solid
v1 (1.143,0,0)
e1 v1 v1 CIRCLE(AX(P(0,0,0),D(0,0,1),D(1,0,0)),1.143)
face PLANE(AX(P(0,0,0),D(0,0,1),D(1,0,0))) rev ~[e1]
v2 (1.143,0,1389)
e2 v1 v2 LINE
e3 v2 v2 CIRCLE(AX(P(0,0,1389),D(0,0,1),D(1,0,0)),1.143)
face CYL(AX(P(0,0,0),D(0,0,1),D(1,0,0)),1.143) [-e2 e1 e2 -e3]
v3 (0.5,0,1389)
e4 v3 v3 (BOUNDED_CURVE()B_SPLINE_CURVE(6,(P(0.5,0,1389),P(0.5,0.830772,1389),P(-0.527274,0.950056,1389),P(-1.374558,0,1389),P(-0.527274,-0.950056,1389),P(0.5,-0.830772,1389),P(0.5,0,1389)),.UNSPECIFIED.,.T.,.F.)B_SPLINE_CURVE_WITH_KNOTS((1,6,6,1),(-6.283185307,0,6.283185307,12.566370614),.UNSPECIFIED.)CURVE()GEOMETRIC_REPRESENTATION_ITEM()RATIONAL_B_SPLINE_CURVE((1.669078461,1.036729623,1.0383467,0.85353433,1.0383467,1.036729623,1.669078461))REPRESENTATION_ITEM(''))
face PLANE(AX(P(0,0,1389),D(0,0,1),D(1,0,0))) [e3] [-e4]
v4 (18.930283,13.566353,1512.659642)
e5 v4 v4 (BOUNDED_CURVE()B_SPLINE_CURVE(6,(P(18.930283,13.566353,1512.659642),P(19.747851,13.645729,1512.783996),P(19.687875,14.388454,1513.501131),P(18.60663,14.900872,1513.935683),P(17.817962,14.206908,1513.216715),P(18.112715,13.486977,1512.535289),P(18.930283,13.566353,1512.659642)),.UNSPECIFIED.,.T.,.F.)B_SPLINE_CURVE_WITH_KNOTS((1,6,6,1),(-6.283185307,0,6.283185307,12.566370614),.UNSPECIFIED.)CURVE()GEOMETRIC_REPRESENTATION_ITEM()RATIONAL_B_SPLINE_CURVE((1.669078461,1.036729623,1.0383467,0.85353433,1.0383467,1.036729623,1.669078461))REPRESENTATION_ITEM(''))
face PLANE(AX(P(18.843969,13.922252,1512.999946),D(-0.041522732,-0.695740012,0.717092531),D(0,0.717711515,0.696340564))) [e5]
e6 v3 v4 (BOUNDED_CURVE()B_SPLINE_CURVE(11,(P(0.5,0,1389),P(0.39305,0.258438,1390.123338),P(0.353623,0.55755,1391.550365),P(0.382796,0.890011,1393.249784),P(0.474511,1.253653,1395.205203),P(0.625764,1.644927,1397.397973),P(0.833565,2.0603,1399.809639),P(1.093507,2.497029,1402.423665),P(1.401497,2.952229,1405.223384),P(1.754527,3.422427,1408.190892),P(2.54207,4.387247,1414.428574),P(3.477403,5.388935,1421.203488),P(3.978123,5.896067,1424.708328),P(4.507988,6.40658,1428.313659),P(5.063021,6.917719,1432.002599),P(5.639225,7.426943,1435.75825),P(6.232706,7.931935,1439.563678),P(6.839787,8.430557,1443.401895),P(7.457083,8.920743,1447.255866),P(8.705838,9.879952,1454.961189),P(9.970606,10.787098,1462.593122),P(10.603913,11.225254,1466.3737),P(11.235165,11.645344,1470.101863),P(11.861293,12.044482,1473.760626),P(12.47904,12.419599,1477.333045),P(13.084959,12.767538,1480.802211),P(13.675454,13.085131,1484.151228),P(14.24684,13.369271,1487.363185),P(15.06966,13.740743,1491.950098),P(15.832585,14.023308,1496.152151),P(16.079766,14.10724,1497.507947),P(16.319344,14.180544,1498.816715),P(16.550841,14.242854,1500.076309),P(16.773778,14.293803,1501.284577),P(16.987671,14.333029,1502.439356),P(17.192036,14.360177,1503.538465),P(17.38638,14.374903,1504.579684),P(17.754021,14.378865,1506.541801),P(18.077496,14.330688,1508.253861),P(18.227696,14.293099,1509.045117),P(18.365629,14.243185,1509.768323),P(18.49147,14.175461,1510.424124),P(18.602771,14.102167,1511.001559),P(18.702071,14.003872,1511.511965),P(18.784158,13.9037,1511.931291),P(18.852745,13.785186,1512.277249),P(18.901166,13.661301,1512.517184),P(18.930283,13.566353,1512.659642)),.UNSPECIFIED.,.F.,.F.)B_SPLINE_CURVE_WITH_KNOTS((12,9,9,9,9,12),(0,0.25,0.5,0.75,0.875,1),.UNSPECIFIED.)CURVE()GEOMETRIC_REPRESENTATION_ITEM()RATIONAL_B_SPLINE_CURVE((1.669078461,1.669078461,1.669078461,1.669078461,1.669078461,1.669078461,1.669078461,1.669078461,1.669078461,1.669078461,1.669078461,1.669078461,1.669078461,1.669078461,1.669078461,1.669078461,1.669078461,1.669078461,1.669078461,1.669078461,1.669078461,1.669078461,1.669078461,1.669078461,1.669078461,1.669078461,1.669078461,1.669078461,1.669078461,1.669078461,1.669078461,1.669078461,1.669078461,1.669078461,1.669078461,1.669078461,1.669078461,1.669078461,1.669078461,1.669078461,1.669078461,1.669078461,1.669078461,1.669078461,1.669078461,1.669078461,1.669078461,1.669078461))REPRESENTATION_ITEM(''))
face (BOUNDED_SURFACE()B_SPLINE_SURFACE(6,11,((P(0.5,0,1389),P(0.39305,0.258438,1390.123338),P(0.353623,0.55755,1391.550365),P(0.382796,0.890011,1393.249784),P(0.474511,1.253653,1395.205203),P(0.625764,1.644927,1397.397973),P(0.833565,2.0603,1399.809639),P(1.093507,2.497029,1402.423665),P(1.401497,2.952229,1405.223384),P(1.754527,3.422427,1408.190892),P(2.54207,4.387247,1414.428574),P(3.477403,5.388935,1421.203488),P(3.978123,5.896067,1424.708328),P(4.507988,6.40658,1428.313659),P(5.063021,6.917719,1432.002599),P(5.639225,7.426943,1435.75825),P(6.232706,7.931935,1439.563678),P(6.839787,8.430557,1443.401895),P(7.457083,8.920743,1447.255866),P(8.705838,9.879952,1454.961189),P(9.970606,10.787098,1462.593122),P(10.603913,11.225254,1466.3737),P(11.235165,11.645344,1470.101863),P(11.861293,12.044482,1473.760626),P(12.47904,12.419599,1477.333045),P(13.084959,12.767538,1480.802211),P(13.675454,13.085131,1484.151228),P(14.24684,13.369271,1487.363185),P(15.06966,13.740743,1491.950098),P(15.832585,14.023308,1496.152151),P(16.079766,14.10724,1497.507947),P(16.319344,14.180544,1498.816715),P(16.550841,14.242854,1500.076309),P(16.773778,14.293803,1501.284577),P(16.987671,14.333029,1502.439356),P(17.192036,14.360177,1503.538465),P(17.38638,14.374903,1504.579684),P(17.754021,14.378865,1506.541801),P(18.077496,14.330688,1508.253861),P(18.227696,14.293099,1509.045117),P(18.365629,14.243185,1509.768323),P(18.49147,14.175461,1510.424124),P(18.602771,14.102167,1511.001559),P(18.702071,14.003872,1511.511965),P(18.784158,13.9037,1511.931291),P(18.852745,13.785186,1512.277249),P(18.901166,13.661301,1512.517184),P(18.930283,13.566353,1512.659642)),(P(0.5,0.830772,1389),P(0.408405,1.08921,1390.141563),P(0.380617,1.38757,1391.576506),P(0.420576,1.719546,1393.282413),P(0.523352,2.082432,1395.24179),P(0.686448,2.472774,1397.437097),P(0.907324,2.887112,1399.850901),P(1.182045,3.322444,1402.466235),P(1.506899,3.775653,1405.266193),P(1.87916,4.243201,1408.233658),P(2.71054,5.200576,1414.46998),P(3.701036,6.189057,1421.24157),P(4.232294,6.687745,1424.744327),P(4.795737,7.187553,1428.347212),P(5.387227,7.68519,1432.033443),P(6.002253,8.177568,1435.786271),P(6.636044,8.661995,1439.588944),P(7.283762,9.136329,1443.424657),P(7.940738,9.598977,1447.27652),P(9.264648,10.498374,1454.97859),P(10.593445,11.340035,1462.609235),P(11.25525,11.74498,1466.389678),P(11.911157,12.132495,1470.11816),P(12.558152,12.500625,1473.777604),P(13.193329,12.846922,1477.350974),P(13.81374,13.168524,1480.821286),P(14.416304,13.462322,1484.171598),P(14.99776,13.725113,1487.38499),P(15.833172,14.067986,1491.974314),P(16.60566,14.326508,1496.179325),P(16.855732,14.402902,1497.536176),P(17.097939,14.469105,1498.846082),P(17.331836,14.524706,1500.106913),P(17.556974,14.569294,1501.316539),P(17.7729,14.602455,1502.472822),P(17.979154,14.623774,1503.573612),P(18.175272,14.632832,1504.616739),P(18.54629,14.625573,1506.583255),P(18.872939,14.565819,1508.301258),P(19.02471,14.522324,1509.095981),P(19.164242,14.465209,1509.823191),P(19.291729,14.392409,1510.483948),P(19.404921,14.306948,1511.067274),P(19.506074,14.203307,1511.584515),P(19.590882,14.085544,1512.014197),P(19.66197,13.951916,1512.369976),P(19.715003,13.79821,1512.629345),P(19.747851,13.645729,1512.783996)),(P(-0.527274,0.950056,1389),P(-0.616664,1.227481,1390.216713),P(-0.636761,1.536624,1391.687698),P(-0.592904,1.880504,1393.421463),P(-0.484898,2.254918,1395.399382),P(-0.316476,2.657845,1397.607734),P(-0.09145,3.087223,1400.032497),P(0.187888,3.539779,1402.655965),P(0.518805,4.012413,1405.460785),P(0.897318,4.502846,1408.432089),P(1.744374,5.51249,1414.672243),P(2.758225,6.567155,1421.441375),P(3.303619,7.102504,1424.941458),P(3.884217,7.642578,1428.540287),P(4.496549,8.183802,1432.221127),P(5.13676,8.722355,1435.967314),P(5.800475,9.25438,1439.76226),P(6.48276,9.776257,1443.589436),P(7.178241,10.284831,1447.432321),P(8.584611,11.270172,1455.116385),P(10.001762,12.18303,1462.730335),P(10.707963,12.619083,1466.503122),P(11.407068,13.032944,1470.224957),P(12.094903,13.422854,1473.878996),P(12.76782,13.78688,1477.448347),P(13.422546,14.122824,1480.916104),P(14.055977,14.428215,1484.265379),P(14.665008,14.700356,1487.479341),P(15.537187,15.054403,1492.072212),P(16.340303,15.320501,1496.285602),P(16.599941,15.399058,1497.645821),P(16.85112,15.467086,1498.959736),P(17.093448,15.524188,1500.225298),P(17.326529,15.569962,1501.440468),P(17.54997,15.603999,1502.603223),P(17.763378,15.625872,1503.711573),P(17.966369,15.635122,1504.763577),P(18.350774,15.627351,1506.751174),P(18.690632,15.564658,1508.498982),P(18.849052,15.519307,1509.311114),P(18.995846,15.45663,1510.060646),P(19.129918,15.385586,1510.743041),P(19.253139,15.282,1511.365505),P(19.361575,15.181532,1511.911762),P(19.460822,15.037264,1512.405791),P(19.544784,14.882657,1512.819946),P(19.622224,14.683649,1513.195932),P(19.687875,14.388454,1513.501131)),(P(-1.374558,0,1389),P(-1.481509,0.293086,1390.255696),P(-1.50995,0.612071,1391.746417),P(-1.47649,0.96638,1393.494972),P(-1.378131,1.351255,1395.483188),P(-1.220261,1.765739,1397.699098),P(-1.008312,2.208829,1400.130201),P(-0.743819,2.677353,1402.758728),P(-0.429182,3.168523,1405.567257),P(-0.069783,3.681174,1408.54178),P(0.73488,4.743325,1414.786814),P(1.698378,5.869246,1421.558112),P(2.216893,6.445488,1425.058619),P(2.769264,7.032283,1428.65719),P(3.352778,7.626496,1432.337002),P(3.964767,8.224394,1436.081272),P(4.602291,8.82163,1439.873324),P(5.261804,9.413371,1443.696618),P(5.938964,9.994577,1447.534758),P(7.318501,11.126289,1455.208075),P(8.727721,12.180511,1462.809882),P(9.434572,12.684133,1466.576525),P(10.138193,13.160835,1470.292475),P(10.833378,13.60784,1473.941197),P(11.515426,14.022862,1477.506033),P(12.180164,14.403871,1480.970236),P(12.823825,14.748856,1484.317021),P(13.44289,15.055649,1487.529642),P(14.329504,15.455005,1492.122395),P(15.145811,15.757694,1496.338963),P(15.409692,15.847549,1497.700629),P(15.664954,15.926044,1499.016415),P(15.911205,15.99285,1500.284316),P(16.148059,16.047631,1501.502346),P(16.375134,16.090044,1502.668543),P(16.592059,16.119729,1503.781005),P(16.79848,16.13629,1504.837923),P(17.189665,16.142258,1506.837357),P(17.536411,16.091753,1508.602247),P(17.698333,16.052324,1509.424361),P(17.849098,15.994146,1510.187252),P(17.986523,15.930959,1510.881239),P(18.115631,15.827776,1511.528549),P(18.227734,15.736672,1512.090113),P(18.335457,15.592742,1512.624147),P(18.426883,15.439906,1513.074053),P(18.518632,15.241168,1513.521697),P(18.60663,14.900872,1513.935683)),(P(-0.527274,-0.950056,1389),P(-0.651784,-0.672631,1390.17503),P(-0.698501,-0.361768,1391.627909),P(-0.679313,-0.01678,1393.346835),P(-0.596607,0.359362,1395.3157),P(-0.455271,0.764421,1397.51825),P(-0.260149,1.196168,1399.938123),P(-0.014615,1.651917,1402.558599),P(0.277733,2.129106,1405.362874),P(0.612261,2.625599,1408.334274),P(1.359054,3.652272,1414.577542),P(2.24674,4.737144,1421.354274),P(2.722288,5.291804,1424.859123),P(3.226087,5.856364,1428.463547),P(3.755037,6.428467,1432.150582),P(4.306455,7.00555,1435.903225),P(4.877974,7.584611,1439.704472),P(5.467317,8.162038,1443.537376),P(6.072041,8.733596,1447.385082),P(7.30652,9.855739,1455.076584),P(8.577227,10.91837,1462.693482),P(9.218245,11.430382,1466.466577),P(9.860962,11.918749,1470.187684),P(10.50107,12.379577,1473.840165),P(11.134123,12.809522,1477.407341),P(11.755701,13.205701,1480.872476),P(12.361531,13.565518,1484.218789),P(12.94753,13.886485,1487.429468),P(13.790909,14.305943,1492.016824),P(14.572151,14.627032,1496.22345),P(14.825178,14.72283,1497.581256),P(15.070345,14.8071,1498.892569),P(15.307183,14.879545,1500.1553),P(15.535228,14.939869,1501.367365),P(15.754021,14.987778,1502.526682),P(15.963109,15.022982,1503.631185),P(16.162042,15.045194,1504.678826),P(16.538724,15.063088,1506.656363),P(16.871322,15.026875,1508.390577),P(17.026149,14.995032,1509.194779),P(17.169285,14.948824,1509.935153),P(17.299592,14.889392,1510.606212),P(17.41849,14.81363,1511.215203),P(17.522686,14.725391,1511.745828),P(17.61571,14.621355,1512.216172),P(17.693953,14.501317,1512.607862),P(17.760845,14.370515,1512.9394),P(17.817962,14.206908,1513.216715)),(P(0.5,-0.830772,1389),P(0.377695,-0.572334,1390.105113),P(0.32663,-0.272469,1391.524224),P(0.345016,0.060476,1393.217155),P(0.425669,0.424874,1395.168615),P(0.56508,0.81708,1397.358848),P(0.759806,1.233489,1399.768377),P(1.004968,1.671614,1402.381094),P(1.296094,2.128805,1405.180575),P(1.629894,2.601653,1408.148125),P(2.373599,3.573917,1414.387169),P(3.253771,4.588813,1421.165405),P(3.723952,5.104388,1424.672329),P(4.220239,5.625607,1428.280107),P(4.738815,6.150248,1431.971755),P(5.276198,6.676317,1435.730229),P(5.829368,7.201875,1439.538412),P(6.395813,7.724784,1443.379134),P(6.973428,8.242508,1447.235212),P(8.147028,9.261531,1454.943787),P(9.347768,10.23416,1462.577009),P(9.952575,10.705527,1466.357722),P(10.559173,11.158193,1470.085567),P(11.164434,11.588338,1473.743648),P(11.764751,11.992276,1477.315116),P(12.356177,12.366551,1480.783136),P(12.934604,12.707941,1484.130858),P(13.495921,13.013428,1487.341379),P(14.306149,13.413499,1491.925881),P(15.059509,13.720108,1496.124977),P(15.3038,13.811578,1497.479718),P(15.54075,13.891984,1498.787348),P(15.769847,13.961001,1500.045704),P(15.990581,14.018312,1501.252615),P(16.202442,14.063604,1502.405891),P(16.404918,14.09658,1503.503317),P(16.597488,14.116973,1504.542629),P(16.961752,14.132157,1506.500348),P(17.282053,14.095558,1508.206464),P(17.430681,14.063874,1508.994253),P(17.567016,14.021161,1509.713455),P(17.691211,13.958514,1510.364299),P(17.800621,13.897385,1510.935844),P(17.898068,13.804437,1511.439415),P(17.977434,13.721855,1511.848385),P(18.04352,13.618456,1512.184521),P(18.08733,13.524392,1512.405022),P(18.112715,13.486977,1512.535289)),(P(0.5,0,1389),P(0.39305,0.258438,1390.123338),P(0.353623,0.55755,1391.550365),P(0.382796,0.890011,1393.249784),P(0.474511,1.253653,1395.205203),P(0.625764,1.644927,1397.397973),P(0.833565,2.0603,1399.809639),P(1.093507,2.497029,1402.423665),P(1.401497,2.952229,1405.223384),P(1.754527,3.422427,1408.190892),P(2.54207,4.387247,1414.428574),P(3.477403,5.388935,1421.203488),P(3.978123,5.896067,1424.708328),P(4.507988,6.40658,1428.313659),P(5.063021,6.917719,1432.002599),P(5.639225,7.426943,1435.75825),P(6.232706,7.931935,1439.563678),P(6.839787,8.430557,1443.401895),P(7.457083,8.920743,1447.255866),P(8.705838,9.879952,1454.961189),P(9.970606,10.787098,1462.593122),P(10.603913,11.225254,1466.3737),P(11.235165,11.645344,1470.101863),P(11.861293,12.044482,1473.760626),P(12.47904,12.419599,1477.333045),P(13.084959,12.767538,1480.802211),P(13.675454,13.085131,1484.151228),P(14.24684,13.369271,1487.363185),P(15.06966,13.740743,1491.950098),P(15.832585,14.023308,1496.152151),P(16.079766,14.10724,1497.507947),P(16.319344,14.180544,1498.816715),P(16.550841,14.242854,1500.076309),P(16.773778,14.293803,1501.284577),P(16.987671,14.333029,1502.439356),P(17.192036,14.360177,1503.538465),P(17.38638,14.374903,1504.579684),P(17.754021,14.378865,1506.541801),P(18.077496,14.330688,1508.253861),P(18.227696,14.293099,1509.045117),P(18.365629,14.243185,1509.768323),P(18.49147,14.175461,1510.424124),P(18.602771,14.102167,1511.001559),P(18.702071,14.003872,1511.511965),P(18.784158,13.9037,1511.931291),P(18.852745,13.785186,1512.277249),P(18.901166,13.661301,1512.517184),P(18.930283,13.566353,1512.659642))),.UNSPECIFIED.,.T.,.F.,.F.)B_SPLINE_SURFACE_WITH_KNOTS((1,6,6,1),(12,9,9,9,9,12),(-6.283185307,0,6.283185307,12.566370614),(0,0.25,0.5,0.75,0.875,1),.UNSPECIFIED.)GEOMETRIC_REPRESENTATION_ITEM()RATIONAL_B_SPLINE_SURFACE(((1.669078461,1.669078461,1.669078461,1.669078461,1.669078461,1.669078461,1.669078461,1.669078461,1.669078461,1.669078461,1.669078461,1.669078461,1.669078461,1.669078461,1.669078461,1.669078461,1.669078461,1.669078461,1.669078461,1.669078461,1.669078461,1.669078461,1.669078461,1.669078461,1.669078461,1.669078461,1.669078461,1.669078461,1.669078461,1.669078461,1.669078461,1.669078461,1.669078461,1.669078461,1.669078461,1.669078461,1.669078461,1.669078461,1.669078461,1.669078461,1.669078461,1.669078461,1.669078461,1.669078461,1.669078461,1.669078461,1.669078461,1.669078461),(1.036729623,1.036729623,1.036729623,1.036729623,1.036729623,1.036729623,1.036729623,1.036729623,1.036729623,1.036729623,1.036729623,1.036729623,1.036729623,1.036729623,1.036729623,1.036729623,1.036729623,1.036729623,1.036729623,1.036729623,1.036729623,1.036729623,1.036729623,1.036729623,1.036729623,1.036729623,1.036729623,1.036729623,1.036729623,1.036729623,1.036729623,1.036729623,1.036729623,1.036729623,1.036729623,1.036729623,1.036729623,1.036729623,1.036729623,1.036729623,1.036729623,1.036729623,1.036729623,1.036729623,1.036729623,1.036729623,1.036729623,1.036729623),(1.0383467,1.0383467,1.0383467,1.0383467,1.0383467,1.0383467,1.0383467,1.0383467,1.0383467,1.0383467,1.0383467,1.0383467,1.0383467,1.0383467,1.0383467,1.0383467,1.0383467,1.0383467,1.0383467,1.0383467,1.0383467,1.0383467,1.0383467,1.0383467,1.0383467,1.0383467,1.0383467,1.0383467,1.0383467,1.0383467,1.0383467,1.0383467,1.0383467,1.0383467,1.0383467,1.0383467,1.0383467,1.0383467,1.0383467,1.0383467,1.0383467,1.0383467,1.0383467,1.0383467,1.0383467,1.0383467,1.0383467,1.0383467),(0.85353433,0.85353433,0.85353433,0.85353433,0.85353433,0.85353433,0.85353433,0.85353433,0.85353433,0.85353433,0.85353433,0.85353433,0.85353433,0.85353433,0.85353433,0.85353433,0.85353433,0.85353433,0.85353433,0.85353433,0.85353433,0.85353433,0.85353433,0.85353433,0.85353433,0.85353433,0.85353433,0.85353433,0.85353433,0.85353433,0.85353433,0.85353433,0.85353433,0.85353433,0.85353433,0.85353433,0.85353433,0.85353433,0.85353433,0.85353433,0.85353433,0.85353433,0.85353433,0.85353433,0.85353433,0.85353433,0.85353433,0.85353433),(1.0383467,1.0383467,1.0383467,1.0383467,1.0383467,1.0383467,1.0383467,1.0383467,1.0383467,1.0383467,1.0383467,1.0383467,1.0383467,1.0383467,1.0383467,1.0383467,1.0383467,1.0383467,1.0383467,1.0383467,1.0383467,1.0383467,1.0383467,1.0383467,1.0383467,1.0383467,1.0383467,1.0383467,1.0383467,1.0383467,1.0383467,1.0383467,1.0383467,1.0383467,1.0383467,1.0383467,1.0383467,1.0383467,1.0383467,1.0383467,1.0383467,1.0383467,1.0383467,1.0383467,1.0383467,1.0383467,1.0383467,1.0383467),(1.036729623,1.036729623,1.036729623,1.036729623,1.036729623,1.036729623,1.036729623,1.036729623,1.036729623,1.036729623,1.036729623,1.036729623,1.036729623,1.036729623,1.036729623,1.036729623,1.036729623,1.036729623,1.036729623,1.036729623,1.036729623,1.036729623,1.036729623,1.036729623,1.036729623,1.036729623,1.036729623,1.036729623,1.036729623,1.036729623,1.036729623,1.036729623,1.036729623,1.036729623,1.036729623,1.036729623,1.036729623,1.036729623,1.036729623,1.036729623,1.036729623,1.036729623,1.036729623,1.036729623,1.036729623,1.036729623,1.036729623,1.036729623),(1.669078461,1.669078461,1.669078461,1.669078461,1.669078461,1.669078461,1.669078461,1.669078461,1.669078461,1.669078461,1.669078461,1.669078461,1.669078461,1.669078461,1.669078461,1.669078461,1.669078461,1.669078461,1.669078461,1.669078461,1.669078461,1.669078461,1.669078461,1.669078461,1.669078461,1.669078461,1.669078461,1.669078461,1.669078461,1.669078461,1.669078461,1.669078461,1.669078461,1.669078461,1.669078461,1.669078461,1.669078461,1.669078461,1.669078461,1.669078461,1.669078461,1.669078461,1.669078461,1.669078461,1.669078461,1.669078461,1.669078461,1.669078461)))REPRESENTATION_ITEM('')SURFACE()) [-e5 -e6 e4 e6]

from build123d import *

# Parameters (mm, degrees)
SKETCH1_R = 1.143
SKETCH4_R = 0.5


with BuildPart() as part:
    # Sweep1: sweep along a path in Sketch3
    with BuildLine(Plane(origin=(0, 0, 0), x_dir=(1, 0, 0), z_dir=(0, 1, 0))) as sweep1_path:
        Line((0, 0), (0, -1389))
    # Sketch1 → Sweep1 (sweep)
    with BuildSketch(Plane.XY):
        Circle(SKETCH1_R)
    sweep(path=sweep1_path.line)

    # Sweep2: sweep along a curve in space
    with BuildLine() as sweep2_path:
        add(Edge.make_bspline(
            [(0, 0, 1389), (-1.568601671, 3.9259667, 1405.993410558), (17.529174685, 18.627064939, 1506.696772485), (18.843955102, 13.922308756, 1513)],
            knots=[0, 0, 0, 0, 1, 1, 1, 1], degree=3))
    # Sketch4 → Sweep2 (sweep)
    with BuildSketch(Plane.XY.offset(1389)):
        Circle(SKETCH4_R)
    sweep(path=sweep2_path.line, is_frenet=True)


solid = part.part
